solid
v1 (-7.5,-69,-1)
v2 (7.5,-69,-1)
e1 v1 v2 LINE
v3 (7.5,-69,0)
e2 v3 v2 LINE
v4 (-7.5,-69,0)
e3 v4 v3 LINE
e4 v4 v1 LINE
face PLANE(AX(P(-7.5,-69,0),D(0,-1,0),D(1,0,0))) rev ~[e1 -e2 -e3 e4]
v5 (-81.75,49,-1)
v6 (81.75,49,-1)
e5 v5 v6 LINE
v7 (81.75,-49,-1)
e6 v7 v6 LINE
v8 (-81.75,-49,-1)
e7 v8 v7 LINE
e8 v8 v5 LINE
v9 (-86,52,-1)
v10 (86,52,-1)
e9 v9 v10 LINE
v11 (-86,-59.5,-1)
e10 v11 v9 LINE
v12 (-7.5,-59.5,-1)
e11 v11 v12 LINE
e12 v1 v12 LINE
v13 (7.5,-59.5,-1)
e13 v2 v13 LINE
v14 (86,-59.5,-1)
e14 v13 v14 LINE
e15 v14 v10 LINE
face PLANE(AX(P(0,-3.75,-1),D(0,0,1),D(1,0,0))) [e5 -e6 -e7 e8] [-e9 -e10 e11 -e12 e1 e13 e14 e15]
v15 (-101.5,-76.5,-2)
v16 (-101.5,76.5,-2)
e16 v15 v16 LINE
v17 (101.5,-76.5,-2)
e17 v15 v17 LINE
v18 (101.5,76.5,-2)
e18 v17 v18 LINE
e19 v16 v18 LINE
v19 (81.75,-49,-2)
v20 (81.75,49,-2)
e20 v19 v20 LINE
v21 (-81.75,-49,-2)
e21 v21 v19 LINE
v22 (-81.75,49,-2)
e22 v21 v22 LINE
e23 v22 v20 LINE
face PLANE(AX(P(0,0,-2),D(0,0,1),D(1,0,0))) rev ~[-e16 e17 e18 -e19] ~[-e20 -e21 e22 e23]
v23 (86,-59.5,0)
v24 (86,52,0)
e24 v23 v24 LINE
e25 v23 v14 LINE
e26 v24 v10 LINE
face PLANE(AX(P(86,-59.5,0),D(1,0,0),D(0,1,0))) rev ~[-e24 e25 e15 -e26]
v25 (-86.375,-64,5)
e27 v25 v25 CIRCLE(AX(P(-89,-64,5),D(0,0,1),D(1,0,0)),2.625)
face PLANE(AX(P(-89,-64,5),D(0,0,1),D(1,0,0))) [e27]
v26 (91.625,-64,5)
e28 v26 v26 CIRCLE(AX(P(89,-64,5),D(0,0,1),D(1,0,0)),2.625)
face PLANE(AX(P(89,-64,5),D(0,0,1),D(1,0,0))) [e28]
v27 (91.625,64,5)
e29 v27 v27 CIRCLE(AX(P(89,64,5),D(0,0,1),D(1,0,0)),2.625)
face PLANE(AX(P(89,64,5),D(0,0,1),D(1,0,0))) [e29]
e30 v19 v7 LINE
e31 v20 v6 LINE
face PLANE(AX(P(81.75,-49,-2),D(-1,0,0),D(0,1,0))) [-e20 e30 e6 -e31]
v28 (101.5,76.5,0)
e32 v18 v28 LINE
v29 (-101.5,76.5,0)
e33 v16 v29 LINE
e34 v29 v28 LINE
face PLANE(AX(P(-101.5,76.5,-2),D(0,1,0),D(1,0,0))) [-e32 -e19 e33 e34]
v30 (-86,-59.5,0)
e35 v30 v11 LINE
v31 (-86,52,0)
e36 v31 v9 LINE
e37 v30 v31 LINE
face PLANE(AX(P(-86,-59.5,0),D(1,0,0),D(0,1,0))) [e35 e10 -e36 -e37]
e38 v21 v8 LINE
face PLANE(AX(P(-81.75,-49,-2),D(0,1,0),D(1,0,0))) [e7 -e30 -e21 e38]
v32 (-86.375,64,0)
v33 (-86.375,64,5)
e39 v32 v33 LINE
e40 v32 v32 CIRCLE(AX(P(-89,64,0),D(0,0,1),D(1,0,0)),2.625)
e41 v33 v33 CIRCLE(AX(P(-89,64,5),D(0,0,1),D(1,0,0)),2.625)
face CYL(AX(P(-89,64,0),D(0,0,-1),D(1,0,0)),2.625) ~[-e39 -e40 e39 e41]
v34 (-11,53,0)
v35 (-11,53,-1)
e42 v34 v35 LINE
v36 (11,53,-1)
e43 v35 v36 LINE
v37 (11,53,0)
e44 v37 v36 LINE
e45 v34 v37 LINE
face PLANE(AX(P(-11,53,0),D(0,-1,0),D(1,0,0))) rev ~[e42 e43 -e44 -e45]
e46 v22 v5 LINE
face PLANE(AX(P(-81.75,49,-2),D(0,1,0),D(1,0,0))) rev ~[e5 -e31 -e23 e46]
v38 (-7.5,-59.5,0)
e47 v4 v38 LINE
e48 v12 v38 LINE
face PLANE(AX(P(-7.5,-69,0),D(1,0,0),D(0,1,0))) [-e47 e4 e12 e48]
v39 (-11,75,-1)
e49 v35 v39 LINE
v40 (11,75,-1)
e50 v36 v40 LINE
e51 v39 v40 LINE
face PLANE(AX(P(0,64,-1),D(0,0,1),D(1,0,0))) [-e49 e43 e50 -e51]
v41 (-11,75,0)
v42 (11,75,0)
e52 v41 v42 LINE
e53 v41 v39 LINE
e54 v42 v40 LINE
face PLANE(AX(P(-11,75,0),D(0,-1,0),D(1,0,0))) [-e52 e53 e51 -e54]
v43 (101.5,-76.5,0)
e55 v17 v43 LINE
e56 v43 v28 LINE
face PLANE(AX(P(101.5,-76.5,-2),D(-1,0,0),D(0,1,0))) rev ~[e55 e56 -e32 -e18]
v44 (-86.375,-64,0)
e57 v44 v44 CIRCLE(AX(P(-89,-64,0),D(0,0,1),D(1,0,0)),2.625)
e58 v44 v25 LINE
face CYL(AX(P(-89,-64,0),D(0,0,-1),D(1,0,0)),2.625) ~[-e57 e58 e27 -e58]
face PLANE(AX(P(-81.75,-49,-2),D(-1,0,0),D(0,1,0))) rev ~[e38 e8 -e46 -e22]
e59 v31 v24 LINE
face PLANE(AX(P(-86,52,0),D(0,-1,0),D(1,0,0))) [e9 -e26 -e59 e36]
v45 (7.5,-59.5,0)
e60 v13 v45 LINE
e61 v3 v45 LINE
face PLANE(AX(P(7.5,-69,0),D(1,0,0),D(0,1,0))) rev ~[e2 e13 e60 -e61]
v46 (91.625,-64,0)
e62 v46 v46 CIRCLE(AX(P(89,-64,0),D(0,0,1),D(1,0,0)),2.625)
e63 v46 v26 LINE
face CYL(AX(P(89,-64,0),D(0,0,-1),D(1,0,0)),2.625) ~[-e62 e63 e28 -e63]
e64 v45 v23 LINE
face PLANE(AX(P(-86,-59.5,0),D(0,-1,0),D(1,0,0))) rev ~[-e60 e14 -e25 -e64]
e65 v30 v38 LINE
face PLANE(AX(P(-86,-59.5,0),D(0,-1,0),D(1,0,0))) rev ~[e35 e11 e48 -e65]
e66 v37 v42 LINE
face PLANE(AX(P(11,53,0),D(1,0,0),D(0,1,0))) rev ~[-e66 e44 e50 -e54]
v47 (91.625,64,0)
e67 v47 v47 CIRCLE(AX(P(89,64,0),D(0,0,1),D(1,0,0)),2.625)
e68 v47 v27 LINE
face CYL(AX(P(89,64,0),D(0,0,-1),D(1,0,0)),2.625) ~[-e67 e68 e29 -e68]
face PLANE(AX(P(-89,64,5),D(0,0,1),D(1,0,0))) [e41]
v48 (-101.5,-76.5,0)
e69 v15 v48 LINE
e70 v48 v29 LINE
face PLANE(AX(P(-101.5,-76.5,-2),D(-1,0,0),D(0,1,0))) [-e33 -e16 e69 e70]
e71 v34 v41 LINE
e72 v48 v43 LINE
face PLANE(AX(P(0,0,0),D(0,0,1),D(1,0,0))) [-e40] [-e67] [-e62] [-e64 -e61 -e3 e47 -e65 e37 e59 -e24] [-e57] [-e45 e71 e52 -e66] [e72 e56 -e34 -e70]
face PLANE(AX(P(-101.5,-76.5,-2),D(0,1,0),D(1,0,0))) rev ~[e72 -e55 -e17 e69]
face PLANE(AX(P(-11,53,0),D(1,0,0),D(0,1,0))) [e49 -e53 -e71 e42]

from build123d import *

# Parameters (mm, degrees)
SKETCH_W        = 203
SKETCH_H        = 153
SKETCH_W_2      = 163.5
SKETCH_H_2      = 98
PAD_DEPTH       = 2
SKETCH003_W     = 172
SKETCH003_H     = 111.5
POCKET001_DEPTH = 1
SKETCH002_W     = 22
SKETCH002_H     = 22
SKETCH002_W_2   = 15
SKETCH002_H_2   = 15
POCKET_DEPTH    = 1
SKETCH001_R     = 2.625
PAD001_DEPTH    = 5


with BuildPart() as part:
    # Sketch (on DatumPlane) → Pad (new body)
    with BuildSketch(Plane.XY.offset(-2)):
        Rectangle(SKETCH_W, SKETCH_H)
        Rectangle(SKETCH_W_2, SKETCH_H_2, mode=Mode.SUBTRACT)
    extrude(amount=PAD_DEPTH)

    # Sketch003 (on DatumPlane) → Pocket001 (cut)
    with BuildSketch(Plane.XY):
        with Locations((0, -3.75)):
            Rectangle(SKETCH003_W, SKETCH003_H)
    extrude(amount=-POCKET001_DEPTH, mode=Mode.SUBTRACT)

    # Sketch002 (on DatumPlane) → Pocket (cut)
    with BuildSketch(Plane.XY):
        with Locations((0, 64)):
            Rectangle(SKETCH002_W, SKETCH002_H)
        with Locations((0, -61.5)):
            Rectangle(SKETCH002_W_2, SKETCH002_H_2)
    extrude(amount=-POCKET_DEPTH, mode=Mode.SUBTRACT)

    # Sketch001 (on DatumPlane) → Pad001 (join)
    with BuildSketch(Plane.XY):
        with Locations((89, 64)):
            Circle(SKETCH001_R)
        with Locations((-89, 64)):
            Circle(SKETCH001_R)
        with Locations((-89, -64)):
            Circle(SKETCH001_R)
        with Locations((89, -64)):
            Circle(SKETCH001_R)
    extrude(amount=PAD001_DEPTH)


solid = part.part
